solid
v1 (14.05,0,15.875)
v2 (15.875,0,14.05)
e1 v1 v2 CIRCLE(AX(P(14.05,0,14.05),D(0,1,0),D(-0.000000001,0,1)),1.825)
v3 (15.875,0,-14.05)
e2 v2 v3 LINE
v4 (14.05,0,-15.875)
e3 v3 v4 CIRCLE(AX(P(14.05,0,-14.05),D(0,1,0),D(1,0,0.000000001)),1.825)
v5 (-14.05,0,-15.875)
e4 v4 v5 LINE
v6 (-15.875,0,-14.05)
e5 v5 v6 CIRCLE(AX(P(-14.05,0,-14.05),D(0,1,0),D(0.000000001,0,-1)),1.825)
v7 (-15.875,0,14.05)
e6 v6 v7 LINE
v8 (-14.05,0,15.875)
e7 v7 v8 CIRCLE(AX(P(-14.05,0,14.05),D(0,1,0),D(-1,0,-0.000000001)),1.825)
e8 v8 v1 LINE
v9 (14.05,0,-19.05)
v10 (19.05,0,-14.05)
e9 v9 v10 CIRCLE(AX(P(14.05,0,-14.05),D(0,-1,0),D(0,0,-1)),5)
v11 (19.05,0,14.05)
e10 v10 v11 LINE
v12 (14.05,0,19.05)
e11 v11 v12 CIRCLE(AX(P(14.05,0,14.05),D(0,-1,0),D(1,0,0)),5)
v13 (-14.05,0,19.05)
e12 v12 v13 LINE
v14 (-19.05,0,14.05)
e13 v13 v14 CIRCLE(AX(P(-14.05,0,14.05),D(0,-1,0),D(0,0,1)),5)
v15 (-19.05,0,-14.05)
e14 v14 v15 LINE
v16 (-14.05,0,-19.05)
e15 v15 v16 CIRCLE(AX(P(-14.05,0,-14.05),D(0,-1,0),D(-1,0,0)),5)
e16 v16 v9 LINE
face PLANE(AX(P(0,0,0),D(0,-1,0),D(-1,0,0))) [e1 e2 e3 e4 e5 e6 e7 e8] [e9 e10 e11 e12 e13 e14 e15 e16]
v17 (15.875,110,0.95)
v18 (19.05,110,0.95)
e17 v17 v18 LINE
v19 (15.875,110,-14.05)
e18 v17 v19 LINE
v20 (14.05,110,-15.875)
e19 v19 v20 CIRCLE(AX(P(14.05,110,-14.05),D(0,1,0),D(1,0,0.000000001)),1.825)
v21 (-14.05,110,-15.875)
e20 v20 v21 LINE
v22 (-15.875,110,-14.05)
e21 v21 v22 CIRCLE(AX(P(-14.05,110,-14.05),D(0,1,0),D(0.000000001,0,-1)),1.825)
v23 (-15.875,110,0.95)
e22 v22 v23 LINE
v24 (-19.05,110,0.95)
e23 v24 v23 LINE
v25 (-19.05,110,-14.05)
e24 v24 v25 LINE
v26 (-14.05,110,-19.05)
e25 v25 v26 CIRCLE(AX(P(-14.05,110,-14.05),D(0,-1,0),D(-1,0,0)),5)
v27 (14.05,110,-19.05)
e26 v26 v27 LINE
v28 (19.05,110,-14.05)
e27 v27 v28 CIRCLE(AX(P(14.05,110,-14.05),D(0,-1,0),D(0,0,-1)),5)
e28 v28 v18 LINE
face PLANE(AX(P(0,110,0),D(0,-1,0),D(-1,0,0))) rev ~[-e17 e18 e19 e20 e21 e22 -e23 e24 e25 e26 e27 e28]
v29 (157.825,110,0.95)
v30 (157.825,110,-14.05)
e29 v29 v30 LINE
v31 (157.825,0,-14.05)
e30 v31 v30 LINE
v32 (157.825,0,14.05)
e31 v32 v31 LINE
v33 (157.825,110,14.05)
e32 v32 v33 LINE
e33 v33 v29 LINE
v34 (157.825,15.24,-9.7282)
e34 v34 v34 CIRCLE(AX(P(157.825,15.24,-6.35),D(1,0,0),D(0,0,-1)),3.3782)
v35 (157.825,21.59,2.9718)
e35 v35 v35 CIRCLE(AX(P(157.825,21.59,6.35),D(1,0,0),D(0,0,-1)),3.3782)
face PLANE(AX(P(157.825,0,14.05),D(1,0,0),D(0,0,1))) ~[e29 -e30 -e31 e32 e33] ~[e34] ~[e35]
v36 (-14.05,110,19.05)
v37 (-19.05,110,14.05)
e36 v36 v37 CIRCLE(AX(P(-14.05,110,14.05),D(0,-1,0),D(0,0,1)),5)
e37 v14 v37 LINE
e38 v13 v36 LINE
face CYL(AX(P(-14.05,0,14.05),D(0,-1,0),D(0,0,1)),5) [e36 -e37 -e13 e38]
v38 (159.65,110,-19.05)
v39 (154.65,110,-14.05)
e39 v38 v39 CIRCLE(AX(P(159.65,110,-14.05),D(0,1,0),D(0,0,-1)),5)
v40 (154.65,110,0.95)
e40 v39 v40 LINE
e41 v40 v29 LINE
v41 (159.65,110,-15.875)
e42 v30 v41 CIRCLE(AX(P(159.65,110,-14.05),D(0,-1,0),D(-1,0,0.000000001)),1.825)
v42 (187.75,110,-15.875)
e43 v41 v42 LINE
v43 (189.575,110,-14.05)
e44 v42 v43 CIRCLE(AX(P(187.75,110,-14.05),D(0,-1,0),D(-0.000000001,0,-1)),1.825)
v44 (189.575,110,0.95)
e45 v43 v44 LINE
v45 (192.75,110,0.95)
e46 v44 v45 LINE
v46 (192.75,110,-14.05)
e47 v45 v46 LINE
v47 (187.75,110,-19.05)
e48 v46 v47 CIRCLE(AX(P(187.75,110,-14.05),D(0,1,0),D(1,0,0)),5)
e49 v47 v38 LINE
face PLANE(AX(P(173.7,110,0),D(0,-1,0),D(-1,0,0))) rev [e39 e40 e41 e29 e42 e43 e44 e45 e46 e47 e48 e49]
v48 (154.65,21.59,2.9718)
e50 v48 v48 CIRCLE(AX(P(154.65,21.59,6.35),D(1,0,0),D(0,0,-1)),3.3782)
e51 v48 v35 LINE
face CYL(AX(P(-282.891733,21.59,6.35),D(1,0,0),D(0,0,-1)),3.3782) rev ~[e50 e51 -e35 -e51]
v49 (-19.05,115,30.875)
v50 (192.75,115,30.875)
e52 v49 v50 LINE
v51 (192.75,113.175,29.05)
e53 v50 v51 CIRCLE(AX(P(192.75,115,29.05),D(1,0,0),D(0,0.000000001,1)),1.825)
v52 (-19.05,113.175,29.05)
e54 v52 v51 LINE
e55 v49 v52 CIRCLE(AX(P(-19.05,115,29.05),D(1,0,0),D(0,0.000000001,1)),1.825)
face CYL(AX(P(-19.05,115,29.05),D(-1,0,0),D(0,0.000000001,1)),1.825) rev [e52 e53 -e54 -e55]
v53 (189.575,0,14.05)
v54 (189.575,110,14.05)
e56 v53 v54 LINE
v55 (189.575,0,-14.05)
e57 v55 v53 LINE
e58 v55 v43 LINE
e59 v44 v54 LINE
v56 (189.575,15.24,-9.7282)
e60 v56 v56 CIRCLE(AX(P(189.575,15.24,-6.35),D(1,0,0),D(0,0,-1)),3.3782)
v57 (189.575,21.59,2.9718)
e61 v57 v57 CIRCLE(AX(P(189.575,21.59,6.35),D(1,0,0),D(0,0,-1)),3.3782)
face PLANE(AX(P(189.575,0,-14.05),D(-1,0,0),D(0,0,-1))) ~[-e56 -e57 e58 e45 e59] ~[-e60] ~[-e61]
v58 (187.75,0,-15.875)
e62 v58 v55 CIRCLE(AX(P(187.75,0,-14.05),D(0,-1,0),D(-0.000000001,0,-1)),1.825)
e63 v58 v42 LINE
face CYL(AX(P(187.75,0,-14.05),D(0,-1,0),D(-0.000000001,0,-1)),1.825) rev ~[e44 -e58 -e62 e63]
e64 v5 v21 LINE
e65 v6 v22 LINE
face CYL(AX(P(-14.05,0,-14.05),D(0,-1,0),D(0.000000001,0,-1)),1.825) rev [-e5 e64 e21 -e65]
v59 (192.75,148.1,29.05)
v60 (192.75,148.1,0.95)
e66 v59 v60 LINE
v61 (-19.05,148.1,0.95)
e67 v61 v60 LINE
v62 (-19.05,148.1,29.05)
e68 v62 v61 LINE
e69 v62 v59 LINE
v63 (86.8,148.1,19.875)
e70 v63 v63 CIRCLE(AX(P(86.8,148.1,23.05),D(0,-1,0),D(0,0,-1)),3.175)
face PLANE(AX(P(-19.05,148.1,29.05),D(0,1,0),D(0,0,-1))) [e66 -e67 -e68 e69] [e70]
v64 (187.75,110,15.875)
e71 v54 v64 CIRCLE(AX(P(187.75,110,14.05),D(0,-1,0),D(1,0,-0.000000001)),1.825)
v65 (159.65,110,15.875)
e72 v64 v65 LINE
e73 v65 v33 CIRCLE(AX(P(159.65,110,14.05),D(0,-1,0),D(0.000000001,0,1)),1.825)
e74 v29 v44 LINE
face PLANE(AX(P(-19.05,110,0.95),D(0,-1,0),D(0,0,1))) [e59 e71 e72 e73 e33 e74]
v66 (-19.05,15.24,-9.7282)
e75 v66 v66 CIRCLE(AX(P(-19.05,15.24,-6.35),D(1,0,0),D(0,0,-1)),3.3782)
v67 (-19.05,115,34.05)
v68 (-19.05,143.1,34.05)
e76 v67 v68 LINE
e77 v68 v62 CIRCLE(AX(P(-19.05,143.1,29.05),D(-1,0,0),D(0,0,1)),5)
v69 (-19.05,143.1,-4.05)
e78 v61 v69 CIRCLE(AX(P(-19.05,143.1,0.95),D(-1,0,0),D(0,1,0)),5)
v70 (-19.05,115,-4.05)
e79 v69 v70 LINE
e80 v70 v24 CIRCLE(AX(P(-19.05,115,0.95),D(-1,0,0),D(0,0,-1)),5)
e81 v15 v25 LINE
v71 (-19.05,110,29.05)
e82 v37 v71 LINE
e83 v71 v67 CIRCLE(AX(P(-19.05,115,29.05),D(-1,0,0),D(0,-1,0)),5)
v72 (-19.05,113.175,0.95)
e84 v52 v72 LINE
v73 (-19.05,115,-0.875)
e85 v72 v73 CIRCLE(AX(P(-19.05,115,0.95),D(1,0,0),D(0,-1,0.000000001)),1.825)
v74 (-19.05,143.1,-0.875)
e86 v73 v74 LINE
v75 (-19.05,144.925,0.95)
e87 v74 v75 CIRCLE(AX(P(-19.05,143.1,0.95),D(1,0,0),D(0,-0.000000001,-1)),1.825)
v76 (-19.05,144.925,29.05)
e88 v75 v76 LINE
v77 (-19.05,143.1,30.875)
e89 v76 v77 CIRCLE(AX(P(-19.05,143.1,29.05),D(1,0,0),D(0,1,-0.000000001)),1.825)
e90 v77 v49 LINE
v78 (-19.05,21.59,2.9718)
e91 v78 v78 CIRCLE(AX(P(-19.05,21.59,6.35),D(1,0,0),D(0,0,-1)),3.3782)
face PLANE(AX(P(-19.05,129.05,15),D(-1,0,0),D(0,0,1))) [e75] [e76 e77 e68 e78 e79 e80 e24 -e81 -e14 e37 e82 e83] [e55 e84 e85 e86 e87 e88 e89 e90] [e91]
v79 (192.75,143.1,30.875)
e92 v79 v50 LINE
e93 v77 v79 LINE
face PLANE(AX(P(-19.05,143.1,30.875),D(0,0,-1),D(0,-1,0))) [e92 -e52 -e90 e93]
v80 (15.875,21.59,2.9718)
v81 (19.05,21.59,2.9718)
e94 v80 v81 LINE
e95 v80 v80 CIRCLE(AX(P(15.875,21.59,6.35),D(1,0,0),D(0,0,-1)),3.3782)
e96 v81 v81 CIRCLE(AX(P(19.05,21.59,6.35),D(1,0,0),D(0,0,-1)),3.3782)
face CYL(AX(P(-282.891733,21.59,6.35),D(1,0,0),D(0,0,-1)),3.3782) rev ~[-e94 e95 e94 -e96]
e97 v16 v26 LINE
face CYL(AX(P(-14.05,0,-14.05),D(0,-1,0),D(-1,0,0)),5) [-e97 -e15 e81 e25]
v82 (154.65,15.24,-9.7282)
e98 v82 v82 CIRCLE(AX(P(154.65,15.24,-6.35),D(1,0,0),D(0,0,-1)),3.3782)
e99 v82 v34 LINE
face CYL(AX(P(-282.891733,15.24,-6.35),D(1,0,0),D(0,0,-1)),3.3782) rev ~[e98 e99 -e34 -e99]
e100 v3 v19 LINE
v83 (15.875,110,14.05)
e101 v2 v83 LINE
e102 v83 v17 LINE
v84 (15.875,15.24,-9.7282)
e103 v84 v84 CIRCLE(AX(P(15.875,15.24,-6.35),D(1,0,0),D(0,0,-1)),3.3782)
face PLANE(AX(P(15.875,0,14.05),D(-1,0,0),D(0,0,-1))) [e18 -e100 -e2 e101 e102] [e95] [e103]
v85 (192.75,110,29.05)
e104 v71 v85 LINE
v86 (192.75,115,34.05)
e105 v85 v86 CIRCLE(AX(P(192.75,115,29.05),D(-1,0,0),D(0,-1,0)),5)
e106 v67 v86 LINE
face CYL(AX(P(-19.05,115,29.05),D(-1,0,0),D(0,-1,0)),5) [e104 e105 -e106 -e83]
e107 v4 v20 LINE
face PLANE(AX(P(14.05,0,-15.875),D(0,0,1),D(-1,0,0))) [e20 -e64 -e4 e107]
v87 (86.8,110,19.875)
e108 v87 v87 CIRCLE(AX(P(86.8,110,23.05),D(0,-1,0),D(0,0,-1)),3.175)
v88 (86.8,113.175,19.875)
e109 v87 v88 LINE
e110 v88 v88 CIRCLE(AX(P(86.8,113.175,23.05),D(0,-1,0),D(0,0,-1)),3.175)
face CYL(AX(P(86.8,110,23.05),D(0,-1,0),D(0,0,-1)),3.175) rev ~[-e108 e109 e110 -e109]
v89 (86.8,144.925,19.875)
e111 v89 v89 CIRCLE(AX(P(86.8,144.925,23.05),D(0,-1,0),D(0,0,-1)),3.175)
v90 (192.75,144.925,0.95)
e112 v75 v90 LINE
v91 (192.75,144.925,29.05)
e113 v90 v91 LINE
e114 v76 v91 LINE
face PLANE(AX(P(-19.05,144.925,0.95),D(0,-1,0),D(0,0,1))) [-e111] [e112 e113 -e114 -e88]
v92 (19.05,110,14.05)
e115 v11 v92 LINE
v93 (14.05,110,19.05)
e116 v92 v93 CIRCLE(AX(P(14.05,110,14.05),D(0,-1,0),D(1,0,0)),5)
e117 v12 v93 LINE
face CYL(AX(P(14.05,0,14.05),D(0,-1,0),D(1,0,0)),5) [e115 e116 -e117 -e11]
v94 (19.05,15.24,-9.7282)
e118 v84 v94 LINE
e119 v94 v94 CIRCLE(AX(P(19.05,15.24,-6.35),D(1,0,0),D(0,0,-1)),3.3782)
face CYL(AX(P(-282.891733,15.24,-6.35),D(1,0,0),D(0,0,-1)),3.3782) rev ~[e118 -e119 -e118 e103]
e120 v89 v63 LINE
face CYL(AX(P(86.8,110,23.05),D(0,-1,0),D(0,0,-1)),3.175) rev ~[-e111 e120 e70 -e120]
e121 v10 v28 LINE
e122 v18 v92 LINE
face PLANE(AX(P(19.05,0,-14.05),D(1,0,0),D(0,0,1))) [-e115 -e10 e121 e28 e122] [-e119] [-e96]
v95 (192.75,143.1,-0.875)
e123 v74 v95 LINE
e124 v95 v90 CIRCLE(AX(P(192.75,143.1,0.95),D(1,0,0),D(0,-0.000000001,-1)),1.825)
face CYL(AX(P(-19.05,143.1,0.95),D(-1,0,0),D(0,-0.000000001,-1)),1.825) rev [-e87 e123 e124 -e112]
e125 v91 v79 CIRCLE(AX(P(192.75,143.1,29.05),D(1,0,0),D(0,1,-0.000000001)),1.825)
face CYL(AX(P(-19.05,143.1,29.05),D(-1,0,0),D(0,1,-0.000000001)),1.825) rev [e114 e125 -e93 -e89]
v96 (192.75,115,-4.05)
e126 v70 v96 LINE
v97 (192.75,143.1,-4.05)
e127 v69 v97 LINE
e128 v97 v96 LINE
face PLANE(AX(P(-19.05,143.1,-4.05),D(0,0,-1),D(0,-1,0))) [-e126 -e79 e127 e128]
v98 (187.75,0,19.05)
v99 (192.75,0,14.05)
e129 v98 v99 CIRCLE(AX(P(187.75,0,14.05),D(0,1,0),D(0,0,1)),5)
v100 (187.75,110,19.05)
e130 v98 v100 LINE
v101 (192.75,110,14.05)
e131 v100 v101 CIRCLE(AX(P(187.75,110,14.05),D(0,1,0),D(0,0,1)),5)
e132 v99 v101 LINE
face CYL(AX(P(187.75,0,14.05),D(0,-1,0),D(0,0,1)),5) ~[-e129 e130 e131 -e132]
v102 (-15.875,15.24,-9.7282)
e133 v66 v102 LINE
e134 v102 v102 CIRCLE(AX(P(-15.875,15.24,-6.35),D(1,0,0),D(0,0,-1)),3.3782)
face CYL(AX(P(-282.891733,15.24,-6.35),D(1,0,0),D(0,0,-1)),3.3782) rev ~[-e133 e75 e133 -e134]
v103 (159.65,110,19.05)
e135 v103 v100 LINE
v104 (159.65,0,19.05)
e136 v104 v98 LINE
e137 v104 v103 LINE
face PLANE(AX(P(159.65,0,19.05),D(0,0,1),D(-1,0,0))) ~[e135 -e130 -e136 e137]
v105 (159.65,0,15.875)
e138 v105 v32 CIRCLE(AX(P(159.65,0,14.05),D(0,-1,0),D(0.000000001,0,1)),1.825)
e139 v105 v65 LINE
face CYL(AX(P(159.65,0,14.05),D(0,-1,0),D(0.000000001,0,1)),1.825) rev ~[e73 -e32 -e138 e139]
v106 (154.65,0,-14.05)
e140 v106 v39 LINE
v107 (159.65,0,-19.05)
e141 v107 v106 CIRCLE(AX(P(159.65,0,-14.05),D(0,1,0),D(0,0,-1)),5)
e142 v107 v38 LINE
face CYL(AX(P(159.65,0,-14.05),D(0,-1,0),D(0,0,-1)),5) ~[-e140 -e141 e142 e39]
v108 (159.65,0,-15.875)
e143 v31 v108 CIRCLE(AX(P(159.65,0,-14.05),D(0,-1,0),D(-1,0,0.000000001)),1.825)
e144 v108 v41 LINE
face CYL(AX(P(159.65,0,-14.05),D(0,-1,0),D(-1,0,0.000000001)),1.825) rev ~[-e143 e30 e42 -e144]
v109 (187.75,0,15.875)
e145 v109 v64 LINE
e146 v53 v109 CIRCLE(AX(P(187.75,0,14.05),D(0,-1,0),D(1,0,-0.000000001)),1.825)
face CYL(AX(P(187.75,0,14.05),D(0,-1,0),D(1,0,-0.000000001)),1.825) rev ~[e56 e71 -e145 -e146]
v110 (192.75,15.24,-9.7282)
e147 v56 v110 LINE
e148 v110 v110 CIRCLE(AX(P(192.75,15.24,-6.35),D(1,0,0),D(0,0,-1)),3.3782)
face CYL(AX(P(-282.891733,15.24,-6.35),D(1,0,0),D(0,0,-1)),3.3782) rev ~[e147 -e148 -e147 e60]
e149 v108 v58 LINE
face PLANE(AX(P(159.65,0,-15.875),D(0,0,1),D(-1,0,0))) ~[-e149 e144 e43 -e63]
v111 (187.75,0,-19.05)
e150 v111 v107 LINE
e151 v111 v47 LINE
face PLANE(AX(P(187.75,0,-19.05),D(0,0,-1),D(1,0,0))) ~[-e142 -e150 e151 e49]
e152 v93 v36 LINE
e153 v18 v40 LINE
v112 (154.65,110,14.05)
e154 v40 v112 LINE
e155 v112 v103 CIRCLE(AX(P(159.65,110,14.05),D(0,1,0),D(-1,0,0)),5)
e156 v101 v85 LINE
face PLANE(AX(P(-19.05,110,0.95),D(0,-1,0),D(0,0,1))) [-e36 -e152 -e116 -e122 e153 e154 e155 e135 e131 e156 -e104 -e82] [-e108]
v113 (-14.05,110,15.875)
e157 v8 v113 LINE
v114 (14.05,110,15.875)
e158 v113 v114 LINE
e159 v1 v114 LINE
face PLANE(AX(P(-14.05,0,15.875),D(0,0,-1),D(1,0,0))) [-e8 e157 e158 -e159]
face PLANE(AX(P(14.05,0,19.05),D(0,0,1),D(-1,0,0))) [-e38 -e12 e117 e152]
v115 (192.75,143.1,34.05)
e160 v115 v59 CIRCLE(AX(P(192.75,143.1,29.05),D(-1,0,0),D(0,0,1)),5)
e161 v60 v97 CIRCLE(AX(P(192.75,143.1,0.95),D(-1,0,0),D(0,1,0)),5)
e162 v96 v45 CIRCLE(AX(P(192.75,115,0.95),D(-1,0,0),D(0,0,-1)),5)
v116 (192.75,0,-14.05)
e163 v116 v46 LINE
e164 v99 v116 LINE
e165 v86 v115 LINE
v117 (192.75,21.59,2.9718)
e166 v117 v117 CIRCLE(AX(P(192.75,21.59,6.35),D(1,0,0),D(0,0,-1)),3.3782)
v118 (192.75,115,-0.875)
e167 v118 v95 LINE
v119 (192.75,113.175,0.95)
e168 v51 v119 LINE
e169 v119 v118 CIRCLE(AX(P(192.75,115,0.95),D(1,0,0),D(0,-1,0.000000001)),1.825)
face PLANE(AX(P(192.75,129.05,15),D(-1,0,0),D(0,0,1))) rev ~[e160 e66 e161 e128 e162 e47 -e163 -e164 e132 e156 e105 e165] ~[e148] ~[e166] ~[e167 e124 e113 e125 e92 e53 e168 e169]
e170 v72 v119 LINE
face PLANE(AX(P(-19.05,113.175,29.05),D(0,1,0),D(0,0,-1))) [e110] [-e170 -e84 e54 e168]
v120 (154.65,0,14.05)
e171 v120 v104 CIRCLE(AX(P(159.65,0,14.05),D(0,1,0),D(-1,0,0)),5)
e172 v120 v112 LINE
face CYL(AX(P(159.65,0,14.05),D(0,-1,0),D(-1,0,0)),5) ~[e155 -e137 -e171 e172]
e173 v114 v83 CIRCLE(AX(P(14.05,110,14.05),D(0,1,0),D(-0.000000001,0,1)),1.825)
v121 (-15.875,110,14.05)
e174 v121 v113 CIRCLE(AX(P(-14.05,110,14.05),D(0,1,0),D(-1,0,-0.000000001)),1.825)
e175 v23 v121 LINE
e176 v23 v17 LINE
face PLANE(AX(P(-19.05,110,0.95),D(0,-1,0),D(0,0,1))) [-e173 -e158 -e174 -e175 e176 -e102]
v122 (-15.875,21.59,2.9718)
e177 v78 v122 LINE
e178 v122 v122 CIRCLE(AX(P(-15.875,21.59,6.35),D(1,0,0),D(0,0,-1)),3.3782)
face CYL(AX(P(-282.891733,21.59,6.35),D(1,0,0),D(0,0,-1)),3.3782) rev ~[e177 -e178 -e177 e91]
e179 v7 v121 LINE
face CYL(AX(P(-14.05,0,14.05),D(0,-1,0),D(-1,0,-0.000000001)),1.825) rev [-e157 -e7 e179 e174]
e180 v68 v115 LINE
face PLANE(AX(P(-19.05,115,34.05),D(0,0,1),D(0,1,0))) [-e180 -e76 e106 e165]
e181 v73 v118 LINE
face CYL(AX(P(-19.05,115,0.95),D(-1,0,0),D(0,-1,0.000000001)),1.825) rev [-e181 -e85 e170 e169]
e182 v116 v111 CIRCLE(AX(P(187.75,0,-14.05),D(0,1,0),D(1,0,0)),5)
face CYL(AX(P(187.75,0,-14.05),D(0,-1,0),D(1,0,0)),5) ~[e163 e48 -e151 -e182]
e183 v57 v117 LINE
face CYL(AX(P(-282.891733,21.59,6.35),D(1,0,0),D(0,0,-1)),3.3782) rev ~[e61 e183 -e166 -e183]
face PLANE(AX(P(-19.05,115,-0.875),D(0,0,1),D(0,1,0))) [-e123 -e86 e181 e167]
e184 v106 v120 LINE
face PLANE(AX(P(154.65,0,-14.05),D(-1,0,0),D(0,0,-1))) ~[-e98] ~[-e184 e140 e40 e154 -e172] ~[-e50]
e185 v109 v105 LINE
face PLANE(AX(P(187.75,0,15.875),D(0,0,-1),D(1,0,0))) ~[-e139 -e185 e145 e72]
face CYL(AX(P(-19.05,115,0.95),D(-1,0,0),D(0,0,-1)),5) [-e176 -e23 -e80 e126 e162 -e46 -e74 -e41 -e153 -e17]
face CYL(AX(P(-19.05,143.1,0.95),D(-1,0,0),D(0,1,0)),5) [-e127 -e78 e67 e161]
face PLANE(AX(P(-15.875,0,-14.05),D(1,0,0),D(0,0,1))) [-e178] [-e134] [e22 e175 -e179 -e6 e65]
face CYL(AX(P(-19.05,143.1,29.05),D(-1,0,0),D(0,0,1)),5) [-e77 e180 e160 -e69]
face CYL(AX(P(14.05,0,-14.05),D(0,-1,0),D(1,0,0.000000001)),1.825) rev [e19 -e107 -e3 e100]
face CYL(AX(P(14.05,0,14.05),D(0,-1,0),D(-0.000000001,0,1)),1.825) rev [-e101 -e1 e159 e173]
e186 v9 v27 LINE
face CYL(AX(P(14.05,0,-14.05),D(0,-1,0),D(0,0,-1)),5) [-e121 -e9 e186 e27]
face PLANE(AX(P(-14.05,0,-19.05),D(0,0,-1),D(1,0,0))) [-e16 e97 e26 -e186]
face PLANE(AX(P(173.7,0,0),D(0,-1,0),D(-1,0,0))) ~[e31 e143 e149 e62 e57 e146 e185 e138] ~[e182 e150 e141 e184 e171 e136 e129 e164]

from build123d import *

# Parameters (mm, degrees)
BOSS_EXTRUDE1_DEPTH     = 110
BOSS_EXTRUDE2_START     = -105.9
BOSS_EXTRUDE2_DEPTH     = 211.8
CUT_EXTRUDE1_REACH      = 226.526
SKETCH3_R               = 3.175
F_1_4_CLEARANCE_HOLE1_D = 6.7564


with BuildPart() as part:
    # Sketch1 → Boss-Extrude1 (new body)
    with BuildSketch(Plane(origin=(0, 0, 0), x_dir=(1, 0, 0), z_dir=(0, 1, 0))):
        with BuildLine():
            Line((-14.05, 19.05), (14.05, 19.05))
            ThreePointArc((14.05, 19.05), (17.585533906, 17.585533906), (19.05, 14.05))
            Line((19.05, 14.05), (19.05, -14.05))
            ThreePointArc((19.05, -14.05), (17.585533906, -17.585533906), (14.05, -19.05))
            Line((14.05, -19.05), (-14.05, -19.05))
            ThreePointArc((-14.05, -19.05), (-17.585533906, -17.585533906), (-19.05, -14.05))
            Line((-19.05, -14.05), (-19.05, 14.05))
            ThreePointArc((-19.05, 14.05), (-17.585533906, 17.585533906), (-14.05, 19.05))
        make_face()
        with BuildLine():
            Line((-15.875, 14.05), (-15.875, -14.05))
            ThreePointArc((-15.875, -14.05), (-15.340469876, -15.340469876), (-14.05, -15.875))
            Line((-14.05, -15.875), (14.05, -15.875))
            ThreePointArc((14.05, -15.875), (15.340469876, -15.340469876), (15.875, -14.05))
            Line((15.875, -14.05), (15.875, 14.05))
            ThreePointArc((15.875, 14.05), (15.340469876, 15.340469876), (14.05, 15.875))
            Line((14.05, 15.875), (-14.05, 15.875))
            ThreePointArc((-14.05, 15.875), (-15.340469876, 15.340469876), (-15.875, 14.05))
        make_face(mode=Mode.SUBTRACT)
    extrude(amount=BOSS_EXTRUDE1_DEPTH)


with BuildPart() as body_2:
    # Mirror2: mirrored copy
    add(part.part.mirror(Plane(origin=(86.85, 0, 0), x_dir=(0, 0, 1), z_dir=(1, 0, 0))))


with BuildPart() as part_1:
    add(part.part)

    add(body_2.part)  # Boss-Extrude2 merges body 2
    # Sketch2 → Boss-Extrude2 (add)
    with BuildSketch(Plane(origin=(86.85, 0, 0), x_dir=(0, 0, -1), z_dir=(1, 0, 0)).offset(BOSS_EXTRUDE2_START)):
        with BuildLine():
            Line((-29.05, 148.1), (-0.95, 148.1))
            ThreePointArc((-0.95, 148.1), (2.585533906, 146.635533906), (4.05, 143.1))
            Line((4.05, 143.1), (4.05, 115))
            ThreePointArc((4.05, 115), (2.585533906, 111.464466094), (-0.95, 110))
            Line((-0.95, 110), (-29.05, 110))
            ThreePointArc((-29.05, 110), (-32.585533906, 111.464466094), (-34.05, 115))
            Line((-34.05, 115), (-34.05, 143.1))
            ThreePointArc((-34.05, 143.1), (-32.585533906, 146.635533906), (-29.05, 148.1))
        make_face()
        with BuildLine():
            Line((-30.875, 143.1), (-30.875, 115))
            ThreePointArc((-30.875, 115), (-30.340469876, 113.709530124), (-29.05, 113.175))
            Line((-29.05, 113.175), (-0.95, 113.175))
            ThreePointArc((-0.95, 113.175), (0.340469876, 113.709530124), (0.875, 115))
            Line((0.875, 115), (0.875, 143.1))
            ThreePointArc((0.875, 143.1), (0.340469876, 144.390469876), (-0.95, 144.925))
            Line((-0.95, 144.925), (-29.05, 144.925))
            ThreePointArc((-29.05, 144.925), (-30.340469876, 144.390469876), (-30.875, 143.1))
        make_face(mode=Mode.SUBTRACT)
    extrude(amount=BOSS_EXTRUDE2_DEPTH)

    # Cut-Extrude1: up to this face of the body (flat: up to its plane)
    cut_extrude1_end = Plane(part_1.part.faces().sort_by_distance((86.85, 148.1, 15))[0])
    # Sketch3 → Cut-Extrude1 (cut, up to the picked face)
    with BuildSketch(Plane.XZ.offset(-110), mode=Mode.PRIVATE) as cut_extrude1_sk1:
        with Locations(Location((86.8, 23.050000029, 0), (0, 0, 270))):
            Circle(SKETCH3_R)
    cut_extrude1_tool1 = split(extrude(cut_extrude1_sk1.sketch, amount=-CUT_EXTRUDE1_REACH, mode=Mode.PRIVATE), bisect_by=cut_extrude1_end, keep=Keep.BOTH, mode=Mode.PRIVATE)
    add(cut_extrude1_tool1.solids().sort_by(Axis((86.8, 110, 23.05), (0, 1, 0)))[0], mode=Mode.SUBTRACT)

    # 1/4 Clearance Hole1 (through all)
    with Locations(Plane.ZY.offset(19.05)):
        with Locations((-6.35, 15.24), (6.35, 21.59)):
            Hole(F_1_4_CLEARANCE_HOLE1_D / 2)


solid = part_1.part
